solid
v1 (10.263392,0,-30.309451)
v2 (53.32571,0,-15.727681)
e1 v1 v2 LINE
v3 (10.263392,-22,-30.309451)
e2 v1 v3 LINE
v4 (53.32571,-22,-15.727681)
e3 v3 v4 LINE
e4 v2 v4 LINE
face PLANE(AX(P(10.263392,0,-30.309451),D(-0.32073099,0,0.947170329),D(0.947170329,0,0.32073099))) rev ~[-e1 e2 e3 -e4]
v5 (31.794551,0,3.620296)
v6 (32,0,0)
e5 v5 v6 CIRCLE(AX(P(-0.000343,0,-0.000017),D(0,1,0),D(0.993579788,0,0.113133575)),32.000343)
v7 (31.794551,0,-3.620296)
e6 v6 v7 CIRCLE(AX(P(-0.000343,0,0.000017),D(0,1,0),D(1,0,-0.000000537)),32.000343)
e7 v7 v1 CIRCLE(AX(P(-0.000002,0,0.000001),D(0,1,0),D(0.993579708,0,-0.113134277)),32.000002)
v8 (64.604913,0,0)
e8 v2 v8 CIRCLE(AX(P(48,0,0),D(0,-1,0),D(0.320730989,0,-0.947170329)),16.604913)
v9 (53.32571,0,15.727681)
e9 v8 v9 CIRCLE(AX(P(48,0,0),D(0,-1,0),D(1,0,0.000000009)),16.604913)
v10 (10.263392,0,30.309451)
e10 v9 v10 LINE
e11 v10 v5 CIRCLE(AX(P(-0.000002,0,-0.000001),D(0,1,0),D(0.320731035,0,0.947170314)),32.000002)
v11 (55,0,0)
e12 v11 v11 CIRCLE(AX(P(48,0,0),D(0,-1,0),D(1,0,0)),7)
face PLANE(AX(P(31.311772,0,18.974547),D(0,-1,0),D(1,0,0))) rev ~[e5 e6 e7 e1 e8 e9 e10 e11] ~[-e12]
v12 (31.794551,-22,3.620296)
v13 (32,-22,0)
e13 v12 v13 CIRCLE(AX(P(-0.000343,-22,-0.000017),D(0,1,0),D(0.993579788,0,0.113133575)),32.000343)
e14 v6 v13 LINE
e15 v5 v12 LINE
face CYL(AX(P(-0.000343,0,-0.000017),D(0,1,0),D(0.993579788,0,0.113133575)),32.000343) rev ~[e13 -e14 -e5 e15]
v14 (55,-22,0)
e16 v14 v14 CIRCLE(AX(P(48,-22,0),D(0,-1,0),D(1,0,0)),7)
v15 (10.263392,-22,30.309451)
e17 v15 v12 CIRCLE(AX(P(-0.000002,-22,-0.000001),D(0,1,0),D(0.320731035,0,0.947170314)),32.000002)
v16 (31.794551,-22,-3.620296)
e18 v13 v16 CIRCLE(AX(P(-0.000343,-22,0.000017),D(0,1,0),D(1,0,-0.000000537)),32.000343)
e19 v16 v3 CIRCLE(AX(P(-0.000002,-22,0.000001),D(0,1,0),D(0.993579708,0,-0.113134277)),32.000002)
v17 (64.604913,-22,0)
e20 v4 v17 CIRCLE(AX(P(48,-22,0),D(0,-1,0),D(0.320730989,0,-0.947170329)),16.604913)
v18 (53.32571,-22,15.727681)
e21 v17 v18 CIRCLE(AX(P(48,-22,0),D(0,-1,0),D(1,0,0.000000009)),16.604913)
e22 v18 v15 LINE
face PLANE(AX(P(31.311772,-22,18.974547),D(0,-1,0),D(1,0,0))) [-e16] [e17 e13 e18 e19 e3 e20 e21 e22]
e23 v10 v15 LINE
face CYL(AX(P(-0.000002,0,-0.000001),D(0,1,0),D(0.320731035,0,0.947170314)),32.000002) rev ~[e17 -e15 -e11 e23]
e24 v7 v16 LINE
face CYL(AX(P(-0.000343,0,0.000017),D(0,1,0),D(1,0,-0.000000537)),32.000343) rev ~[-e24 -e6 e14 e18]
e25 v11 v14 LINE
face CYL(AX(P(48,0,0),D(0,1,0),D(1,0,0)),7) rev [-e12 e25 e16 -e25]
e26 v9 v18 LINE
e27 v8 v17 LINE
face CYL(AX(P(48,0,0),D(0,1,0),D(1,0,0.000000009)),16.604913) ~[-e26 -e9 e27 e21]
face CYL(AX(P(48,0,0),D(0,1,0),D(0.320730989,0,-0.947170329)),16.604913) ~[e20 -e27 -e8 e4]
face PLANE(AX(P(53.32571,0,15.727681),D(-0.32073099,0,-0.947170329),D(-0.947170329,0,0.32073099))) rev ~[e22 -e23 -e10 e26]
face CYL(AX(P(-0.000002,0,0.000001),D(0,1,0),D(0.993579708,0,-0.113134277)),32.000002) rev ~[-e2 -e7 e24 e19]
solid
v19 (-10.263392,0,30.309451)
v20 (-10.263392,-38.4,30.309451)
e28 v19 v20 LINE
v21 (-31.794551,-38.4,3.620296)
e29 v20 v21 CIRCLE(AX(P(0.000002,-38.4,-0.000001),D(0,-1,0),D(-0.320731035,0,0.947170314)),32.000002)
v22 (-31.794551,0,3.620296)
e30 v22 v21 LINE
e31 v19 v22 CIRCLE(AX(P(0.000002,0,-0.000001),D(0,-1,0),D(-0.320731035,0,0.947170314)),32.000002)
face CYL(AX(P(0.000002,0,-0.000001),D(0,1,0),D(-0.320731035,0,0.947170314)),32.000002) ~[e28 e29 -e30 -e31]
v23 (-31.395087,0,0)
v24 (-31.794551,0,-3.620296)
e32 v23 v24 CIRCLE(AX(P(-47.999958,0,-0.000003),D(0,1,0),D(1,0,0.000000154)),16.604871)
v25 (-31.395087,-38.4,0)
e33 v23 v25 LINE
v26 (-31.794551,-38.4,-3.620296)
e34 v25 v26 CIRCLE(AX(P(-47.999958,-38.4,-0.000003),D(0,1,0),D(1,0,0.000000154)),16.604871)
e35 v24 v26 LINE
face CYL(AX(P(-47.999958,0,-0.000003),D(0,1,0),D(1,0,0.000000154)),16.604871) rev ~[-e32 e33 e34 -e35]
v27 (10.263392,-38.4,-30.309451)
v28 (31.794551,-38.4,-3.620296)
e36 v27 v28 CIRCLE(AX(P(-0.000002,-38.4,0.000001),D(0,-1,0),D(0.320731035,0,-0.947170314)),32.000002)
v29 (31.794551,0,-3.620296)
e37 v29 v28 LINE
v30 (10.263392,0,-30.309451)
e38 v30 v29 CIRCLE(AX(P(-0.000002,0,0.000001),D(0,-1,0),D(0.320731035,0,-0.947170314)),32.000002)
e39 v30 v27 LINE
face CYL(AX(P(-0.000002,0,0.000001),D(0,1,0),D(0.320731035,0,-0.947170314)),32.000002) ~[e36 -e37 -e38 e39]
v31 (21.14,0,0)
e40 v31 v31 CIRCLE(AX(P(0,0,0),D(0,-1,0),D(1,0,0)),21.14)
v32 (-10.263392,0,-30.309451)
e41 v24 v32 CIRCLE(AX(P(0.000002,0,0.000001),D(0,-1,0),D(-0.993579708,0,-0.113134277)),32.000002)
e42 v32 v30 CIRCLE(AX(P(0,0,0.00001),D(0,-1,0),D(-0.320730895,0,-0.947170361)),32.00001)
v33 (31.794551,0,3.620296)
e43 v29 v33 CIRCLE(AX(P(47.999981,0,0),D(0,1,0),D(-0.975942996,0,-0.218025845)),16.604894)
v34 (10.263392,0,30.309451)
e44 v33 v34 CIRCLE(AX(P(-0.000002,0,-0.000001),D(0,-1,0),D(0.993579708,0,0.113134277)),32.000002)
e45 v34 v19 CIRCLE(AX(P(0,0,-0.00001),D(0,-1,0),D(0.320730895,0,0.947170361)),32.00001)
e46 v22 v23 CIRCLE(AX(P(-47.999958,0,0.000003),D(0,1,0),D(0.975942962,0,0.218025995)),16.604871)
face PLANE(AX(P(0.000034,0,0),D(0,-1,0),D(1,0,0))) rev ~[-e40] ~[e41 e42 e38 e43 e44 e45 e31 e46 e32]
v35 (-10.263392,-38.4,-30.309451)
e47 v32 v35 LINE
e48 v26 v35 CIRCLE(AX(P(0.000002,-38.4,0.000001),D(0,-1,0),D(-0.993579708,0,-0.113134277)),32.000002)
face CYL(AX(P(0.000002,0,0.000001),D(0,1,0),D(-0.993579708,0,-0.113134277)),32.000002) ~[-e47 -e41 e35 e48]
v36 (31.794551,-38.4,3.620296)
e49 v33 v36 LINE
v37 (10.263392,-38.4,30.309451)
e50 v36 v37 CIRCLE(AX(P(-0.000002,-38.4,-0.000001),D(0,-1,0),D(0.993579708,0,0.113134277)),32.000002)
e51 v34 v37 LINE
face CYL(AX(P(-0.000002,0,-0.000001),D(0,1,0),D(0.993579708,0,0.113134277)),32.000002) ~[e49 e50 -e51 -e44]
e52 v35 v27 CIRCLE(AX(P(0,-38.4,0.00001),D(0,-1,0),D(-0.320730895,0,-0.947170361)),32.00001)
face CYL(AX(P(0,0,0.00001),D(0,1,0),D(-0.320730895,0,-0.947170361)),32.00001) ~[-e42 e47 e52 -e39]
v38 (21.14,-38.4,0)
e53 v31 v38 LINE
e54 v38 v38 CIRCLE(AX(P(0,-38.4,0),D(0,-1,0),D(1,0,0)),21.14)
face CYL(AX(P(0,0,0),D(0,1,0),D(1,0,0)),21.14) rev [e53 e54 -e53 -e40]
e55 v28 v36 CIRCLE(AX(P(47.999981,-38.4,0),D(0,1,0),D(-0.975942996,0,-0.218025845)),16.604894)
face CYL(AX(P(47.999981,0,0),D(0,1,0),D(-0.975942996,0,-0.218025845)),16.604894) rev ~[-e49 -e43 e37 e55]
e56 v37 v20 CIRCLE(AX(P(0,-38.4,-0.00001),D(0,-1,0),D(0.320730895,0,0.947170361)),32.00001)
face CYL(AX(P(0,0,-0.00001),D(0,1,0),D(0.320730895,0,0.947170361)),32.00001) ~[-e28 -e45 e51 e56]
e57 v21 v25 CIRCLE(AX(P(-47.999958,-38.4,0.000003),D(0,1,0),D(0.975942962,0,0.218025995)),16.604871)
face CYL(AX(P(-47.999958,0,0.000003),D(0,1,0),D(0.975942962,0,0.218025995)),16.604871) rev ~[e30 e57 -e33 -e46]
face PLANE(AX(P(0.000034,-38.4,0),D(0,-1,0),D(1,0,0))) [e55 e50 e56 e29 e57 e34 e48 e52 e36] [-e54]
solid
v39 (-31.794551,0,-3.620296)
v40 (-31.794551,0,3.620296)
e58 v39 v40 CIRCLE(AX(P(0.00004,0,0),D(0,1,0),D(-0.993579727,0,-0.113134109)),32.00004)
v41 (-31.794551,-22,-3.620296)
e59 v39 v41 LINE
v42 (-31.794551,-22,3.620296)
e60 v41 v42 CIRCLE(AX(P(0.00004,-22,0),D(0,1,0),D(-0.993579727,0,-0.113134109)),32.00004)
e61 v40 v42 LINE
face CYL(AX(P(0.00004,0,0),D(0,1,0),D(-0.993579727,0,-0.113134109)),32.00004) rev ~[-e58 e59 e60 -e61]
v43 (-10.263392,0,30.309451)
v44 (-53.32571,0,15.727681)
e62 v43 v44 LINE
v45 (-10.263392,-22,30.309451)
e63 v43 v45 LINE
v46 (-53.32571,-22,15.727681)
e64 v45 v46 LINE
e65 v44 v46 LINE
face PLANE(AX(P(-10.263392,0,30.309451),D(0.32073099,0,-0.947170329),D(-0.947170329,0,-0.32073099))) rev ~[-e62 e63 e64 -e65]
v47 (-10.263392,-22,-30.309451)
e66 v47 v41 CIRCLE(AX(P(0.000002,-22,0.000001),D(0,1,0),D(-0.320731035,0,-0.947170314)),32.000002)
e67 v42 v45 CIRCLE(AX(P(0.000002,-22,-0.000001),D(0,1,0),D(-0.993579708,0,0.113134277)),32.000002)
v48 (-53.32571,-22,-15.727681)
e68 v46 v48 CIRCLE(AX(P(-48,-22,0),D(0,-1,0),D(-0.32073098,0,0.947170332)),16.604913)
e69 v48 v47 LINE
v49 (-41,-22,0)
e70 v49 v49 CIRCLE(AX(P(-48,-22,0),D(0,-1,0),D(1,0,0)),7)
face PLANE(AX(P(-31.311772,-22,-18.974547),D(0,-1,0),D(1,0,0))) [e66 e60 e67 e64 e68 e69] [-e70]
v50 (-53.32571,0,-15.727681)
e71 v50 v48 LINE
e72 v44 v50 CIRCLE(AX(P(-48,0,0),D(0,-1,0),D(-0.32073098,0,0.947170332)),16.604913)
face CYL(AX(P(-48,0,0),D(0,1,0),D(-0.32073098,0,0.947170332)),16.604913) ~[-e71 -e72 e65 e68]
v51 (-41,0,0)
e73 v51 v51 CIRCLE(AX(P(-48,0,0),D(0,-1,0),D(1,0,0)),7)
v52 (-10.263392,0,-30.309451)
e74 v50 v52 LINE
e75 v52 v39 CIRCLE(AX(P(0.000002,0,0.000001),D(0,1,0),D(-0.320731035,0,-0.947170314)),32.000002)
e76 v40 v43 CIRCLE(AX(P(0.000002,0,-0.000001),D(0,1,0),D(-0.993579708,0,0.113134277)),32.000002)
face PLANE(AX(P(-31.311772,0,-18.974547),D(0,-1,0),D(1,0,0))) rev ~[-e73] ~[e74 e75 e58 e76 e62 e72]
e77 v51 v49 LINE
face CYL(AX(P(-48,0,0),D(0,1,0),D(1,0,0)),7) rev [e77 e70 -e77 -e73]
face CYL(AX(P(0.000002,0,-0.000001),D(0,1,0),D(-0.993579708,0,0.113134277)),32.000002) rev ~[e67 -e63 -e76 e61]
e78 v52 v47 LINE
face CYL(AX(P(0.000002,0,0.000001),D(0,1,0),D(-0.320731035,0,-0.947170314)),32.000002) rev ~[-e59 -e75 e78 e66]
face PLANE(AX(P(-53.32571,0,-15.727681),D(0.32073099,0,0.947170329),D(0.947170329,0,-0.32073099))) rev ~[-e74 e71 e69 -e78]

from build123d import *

# Parameters (mm, degrees)
F0_R     = 7
F1_DEPTH = 22
F0_R_2   = 21.14
F2_DEPTH = 38.4


with BuildPart() as f1:
    # F0 (on Front) → F1 (new body)
    with BuildSketch(Plane.XZ):
        with BuildLine():
            ThreePointArc((-10.263392, -30.309451), (-24.90573, -20.092402), (-31.794551, -3.620296))
            ThreePointArc((-31.794551, -3.620296), (-39.861243, -14.473554), (-53.32571, -15.727681))
            Line((-53.32571, -15.727681), (-10.263392, -30.309451))
        make_face()
        with BuildLine():
            ThreePointArc((-31.794551, 3.620296), (-24.90573, 20.092402), (-10.263392, 30.309451))
            Line((-10.263392, 30.309451), (-53.32571, 15.727681))
            ThreePointArc((-53.32571, 15.727681), (-39.861243, 14.473554), (-31.794551, 3.620296))
        make_face()
        with BuildLine():
            Line((53.32571, 15.727681), (10.263392, 30.309451))
            ThreePointArc((10.263392, 30.309451), (24.90573, 20.092402), (31.794551, 3.620296))
            ThreePointArc((31.794551, 3.620296), (39.861243, 14.473554), (53.32571, 15.727681))
        make_face()
        with BuildLine():
            ThreePointArc((53.32571, 15.727681), (39.861243, 14.473554), (31.794551, 3.620296))
            ThreePointArc((31.794551, 3.620296), (31.948596, 1.81306), (32, 0))
            ThreePointArc((32, 0), (31.948596, -1.81306), (31.794551, -3.620296))
            ThreePointArc((31.794551, -3.620296), (39.861243, -14.473554), (53.32571, -15.727681))
            ThreePointArc((53.32571, -15.727681), (61.49363, -9.677039), (64.604913, 0))
            ThreePointArc((64.604913, 0), (61.49363, 9.677039), (53.32571, 15.727681))
        make_face()
        with Locations((48, 0)):
            Circle(F0_R, mode=Mode.SUBTRACT)
        with BuildLine():
            ThreePointArc((53.32571, -15.727681), (39.861243, -14.473554), (31.794551, -3.620296))
            ThreePointArc((31.794551, -3.620296), (24.90573, -20.092402), (10.263392, -30.309451))
            Line((10.263392, -30.309451), (53.32571, -15.727681))
        make_face()
        with BuildLine():
            ThreePointArc((-31.794551, -3.620296), (-32, 0), (-31.794551, 3.620296))
            ThreePointArc((-31.794551, 3.620296), (-39.861243, 14.473554), (-53.32571, 15.727681))
            ThreePointArc((-53.32571, 15.727681), (-64.604913, 0), (-53.32571, -15.727681))
            ThreePointArc((-53.32571, -15.727681), (-39.861243, -14.473554), (-31.794551, -3.620296))
        make_face()
        with Locations((-48, 0)):
            Circle(F0_R, mode=Mode.SUBTRACT)
    extrude(amount=F1_DEPTH)


with BuildPart() as f2:
    # F0 (on Front) → F2 (new body)
    with BuildSketch(Plane.XZ):
        with BuildLine():
            ThreePointArc((31.794551, 3.620296), (24.90573, 20.092402), (10.263392, 30.309451))
            ThreePointArc((10.263392, 30.309451), (0, 32), (-10.263392, 30.309451))
            ThreePointArc((-10.263392, 30.309451), (-24.90573, 20.092402), (-31.794551, 3.620296))
            ThreePointArc((-31.794551, 3.620296), (-31.495255, 1.821134), (-31.395087, 0))
            ThreePointArc((-31.395087, 0), (-31.495255, -1.821134), (-31.794551, -3.620296))
            ThreePointArc((-31.794551, -3.620296), (-24.90573, -20.092402), (-10.263392, -30.309451))
            ThreePointArc((-10.263392, -30.309451), (0, -32), (10.263392, -30.309451))
            ThreePointArc((10.263392, -30.309451), (24.90573, -20.092402), (31.794551, -3.620296))
            ThreePointArc((31.794551, -3.620296), (31.395087, 0), (31.794551, 3.620296))
        make_face()
        Circle(F0_R_2, mode=Mode.SUBTRACT)
    extrude(amount=F2_DEPTH)


solid = Compound([f1.part, f2.part])
